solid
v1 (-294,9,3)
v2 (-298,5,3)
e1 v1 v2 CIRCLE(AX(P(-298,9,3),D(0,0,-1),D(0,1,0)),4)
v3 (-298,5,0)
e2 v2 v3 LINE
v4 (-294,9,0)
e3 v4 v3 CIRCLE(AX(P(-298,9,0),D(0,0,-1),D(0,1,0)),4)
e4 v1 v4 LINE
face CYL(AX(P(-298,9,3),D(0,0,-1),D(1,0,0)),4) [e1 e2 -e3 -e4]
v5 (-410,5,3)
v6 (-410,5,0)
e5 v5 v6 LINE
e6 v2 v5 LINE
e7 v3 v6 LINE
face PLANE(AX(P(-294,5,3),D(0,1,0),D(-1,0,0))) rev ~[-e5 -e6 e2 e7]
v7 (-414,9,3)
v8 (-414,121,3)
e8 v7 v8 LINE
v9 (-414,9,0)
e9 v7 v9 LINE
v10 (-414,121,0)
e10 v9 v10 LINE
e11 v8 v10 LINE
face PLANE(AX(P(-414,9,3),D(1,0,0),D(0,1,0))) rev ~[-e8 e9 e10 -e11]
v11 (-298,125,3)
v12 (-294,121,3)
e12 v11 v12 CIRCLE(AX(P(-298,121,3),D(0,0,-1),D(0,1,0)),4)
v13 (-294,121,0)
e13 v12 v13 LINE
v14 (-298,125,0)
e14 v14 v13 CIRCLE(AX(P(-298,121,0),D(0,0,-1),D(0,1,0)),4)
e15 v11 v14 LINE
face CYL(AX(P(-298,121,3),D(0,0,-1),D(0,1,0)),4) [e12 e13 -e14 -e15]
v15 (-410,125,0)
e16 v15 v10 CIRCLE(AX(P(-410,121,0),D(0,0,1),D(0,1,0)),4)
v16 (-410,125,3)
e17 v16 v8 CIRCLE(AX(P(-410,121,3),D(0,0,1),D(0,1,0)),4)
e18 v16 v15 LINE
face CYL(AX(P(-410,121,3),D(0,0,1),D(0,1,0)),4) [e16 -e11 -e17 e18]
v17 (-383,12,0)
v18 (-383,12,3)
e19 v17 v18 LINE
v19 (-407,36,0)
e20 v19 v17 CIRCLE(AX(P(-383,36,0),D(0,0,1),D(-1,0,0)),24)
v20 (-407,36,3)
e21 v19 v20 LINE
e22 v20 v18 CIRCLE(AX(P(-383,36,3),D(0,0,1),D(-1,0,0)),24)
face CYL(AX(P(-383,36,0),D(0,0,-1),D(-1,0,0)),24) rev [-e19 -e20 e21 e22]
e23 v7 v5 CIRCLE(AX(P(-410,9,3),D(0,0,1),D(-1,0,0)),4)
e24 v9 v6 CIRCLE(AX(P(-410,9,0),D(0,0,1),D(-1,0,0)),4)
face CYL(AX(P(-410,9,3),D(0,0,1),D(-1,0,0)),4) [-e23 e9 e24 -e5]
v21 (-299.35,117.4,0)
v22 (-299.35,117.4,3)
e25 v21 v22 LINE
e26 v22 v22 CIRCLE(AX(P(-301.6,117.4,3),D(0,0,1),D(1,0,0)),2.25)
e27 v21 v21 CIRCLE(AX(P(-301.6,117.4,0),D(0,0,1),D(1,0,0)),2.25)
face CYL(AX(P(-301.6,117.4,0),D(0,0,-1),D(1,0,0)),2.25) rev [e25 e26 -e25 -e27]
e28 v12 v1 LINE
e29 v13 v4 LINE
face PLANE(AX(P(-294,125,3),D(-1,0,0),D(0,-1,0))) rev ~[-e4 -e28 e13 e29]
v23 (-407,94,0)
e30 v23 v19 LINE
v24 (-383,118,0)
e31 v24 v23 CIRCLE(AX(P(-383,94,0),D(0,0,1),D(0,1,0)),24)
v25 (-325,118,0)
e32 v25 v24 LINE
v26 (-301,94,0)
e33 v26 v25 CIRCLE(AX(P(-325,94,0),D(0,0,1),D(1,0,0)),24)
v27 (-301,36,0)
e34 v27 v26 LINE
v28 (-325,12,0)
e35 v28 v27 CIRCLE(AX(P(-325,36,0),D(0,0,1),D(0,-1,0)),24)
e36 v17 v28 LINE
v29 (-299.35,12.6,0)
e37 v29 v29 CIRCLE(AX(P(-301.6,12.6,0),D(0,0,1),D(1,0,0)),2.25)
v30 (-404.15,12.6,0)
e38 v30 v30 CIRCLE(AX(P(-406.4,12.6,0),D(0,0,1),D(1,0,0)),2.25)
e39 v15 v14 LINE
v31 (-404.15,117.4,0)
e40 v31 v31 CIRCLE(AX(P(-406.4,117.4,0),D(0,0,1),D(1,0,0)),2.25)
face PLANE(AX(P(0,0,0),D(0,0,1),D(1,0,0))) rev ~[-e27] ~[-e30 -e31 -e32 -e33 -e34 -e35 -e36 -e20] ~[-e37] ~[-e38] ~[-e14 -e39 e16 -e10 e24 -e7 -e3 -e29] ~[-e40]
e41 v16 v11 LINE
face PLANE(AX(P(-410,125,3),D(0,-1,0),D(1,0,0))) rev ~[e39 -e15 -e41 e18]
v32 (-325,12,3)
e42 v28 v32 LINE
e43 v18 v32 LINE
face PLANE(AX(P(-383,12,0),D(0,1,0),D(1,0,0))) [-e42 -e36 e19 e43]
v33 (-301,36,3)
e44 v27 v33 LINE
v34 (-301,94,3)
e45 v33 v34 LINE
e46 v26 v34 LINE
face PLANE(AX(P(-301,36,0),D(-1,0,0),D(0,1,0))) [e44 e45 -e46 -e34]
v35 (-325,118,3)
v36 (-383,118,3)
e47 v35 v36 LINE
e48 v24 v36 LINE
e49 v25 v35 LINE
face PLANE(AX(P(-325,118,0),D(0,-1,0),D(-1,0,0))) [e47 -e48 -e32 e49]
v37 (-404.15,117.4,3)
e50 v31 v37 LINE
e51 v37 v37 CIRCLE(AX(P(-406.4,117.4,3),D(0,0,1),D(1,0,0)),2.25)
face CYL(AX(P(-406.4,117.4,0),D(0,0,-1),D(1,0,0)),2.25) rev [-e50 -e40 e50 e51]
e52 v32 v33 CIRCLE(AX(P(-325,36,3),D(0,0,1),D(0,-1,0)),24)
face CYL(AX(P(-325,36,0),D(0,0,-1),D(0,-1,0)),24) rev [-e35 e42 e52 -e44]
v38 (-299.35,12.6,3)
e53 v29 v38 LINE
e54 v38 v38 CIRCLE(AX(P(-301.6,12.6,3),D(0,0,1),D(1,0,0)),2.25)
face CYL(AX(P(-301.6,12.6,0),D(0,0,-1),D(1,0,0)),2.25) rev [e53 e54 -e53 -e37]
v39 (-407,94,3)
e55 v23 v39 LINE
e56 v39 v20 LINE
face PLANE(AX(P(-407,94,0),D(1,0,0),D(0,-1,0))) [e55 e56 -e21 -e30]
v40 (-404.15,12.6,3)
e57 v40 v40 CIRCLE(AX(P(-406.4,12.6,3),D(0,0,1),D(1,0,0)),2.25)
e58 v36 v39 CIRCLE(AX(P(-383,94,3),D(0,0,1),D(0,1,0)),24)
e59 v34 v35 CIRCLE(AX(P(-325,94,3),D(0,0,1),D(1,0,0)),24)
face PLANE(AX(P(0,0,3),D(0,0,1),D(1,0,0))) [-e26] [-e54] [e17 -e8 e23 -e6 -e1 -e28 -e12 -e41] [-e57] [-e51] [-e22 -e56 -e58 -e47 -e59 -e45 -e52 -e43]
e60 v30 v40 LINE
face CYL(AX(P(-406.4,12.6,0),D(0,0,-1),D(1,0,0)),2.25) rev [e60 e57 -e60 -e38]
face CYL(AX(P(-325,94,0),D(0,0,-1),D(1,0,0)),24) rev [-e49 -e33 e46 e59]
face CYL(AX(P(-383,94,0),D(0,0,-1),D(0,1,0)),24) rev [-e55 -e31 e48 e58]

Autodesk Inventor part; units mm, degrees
ref_plane "YZ Plane" through (0, 0, 0) normal (1, 0, 0) x (0, 1, 0)
ref_plane "XZ Plane" through (0, 0, 0) normal (0, 1, 0) x (-1, 0, 0)
ref_plane "XY Plane" through (0, 0, 0) normal (0, 0, 1) x (1, 0, 0)
sketch "スケッチ1" plane through (0, 0, 0) normal (0, 0, 1) x (1, 0, 0)
  circle A0 centre (5, 125) radius 2.25 construction
  circle A1 centre (5, 5) radius 2.25 construction
  circle A2 centre (-473, 125) radius 2.25 construction
  circle A3 centre (-473, 5) radius 2.25 construction
  line L0 (-478, 130) -> (-478, 0) construction
  line L1 (10, 0) -> (10, 130) construction
  line L2 (10, 130) -> (-478, 130)
  line L3 (-478, 130) -> (-478, 0)
  line L4 (-478, 0) -> (10, 0)
  line L5 (10, 0) -> (10, 130)
  circle A4 centre (5, 125) radius 1.6
  circle A5 centre (5, 5) radius 1.6
  circle A6 centre (-473, 5) radius 1.6
  circle A7 centre (-473, 125) radius 1.6
  line L6 (10, 65) -> (-478, 65) construction
  line L7 (-205, 118) -> (-263, 118)
  line L8 (-287, 94) -> (-287, 36)
  line L9 (-263, 12) -> (-205, 12)
  line L10 (-181, 36) -> (-181, 94)
  arc A8 (-181, 94) -> (-205, 118) centre (-205, 94) ccw
  arc A9 (-205, 12) -> (-181, 36) centre (-205, 36) ccw
  arc A10 (-287, 36) -> (-263, 12) centre (-263, 36) ccw
  arc A11 (-263, 118) -> (-287, 94) centre (-263, 94) ccw
  line L11 (-174, 125) -> (-294, 125) construction
  line L12 (-294, 125) -> (-294, 5) construction
  line L13 (-294, 5) -> (-174, 5) construction
  line L14 (-174, 5) -> (-174, 125) construction
  line L15 (-181.6, 117.4) -> (-286.4, 117.4) construction
  line L16 (-286.4, 117.4) -> (-286.4, 12.6) construction
  line L17 (-286.4, 12.6) -> (-181.6, 12.6) construction
  line L18 (-181.6, 12.6) -> (-181.6, 117.4) construction
  circle A12 centre (-181.6, 117.4) radius 2.25
  circle A13 centre (-181.6, 12.6) radius 2.25
  circle A14 centre (-286.4, 12.6) radius 2.25
  circle A15 centre (-286.4, 117.4) radius 2.25
  circle A16 centre (-301.6, 117.4) radius 2.25
  arc A17 (-301, 94) -> (-325, 118) centre (-325, 94) ccw
  line L19 (-301, 36) -> (-301, 94)
  arc A18 (-325, 12) -> (-301, 36) centre (-325, 36) ccw
  circle A19 centre (-301.6, 12.6) radius 2.25
  line L20 (-383, 12) -> (-325, 12)
  arc A20 (-407, 36) -> (-383, 12) centre (-383, 36) ccw
  circle A21 centre (-406.4, 12.6) radius 2.25
  line L21 (-407, 94) -> (-407, 36)
  circle A22 centre (-406.4, 117.4) radius 2.25
  arc A23 (-383, 118) -> (-407, 94) centre (-383, 94) ccw
  line L22 (-325, 118) -> (-383, 118)
  circle A24 centre (-61.6, 117.4) radius 2.25
  arc A25 (-61, 94) -> (-85, 118) centre (-85, 94) ccw
  line L23 (-61, 36) -> (-61, 94)
  arc A26 (-85, 12) -> (-61, 36) centre (-85, 36) ccw
  circle A27 centre (-61.6, 12.6) radius 2.25
  line L24 (-143, 12) -> (-85, 12)
  arc A28 (-167, 36) -> (-143, 12) centre (-143, 36) ccw
  circle A29 centre (-166.4, 12.6) radius 2.25
  line L25 (-167, 94) -> (-167, 36)
  circle A30 centre (-166.4, 117.4) radius 2.25
  arc A31 (-143, 118) -> (-167, 94) centre (-143, 94) ccw
  line L26 (-85, 118) -> (-143, 118)
  circle A32 centre (-181.6, 117.4) radius 2.25
  arc A33 (-181, 94) -> (-205, 118) centre (-205, 94) ccw
  line L27 (-181, 36) -> (-181, 94)
  arc A34 (-205, 12) -> (-181, 36) centre (-205, 36) ccw
  circle A35 centre (-181.6, 12.6) radius 2.25
  line L28 (-263, 12) -> (-205, 12)
  arc A36 (-287, 36) -> (-263, 12) centre (-263, 36) ccw
  circle A37 centre (-286.4, 12.6) radius 2.25
  line L29 (-287, 94) -> (-287, 36)
  circle A38 centre (-286.4, 117.4) radius 2.25
  arc A39 (-263, 118) -> (-287, 94) centre (-263, 94) ccw
  line L30 (-205, 118) -> (-263, 118)
  point P0 (0, 0)
  point P1 (-234, 65)
  point P2 (-287, 12)
  point P3 (-287, 118)
  point P4 (-181, 12)
  point P5 (-287, 65)
  point P6 (-294, 65)
  point P7 (-234, 12)
  point P8 (-234, 5)
  point P9 (-234, 118)
  point P10 (-181, 65)
  point P11 (-174, 65)
  point P12 (-181.6, 65)
  point P13 (-234, 125)
  point P14 (-234, 117.4)
  point P15 (-301, 12)
  point P16 (-301, 65)
  point P17 (-407, 12)
  point P18 (-354, 12)
  point P19 (-407, 118)
  point P20 (-407, 65)
  point P21 (-354, 118)
  point P22 (-61, 12)
  point P23 (-61, 65)
  point P24 (-167, 12)
  point P25 (-114, 12)
  point P26 (-167, 118)
  point P27 (-167, 65)
  point P28 (-114, 118)
  point P29 (-181, 12)
  point P30 (-181, 65)
  point P31 (-287, 12)
  point P32 (-234, 12)
  point P33 (-287, 118)
  point P34 (-287, 65)
  point P35 (-234, 118)
  dimension "d0" = 3.2
  dimension "d1" = 106
  dimension "d2" = 106
  dimension "d3" = 24
  dimension "d4" = 120
  dimension "d5" = 120
  dimension "d6" = 104.8
  dimension "d7" = 104.8
  dimension "d8" = 4.5
  dimension "d11" = 120
  dimension "d14" = 120
extrude "押し出し1" add sketch "スケッチ1" along normal blind 3
sketch "スケッチ2" plane through (0, 0, 3) normal (0, 0, 1) x (1, 0, 0)
  line L0 (-478, 130) -> (-478, 0) projected
  line L1 (-478, 0) -> (10, 0) projected
  line L2 (10, 0) -> (10, 130) projected
  line L3 (10, 130) -> (-478, 130) projected
  circle A0 centre (-286.4, 117.4) radius 2.25 projected
  arc A1 (-263, 118) -> (-287, 94) centre (-263, 94) ccw projected
  line L4 (-263, 118) -> (-205, 118) projected
  arc A2 (-181, 94) -> (-205, 118) centre (-205, 94) ccw projected
  line L5 (-181, 94) -> (-181, 36) projected
  arc A3 (-205, 12) -> (-181, 36) centre (-205, 36) ccw projected
  line L6 (-205, 12) -> (-263, 12) projected
  arc A4 (-287, 36) -> (-263, 12) centre (-263, 36) ccw projected
  line L7 (-287, 36) -> (-287, 94) projected
  circle A5 centre (-473, 125) radius 1.6 projected
  circle A6 centre (-473, 5) radius 1.6 projected
  circle A7 centre (5, 5) radius 1.6 projected
  circle A8 centre (5, 125) radius 1.6 projected
  circle A9 centre (-181.6, 117.4) radius 2.25 projected
  circle A10 centre (-181.6, 12.6) radius 2.25 projected
  circle A11 centre (-286.4, 12.6) radius 2.25 projected
  circle A12 centre (-166.4, 117.4) radius 2.25 projected
  circle A13 centre (-166.4, 12.6) radius 2.25 projected
  circle A14 centre (-61.6, 12.6) radius 2.25 projected
  line L8 (-61, 94) -> (-61, 36) projected
  arc A15 (-85, 12) -> (-61, 36) centre (-85, 36) ccw projected
  line L9 (-85, 12) -> (-143, 12) projected
  arc A16 (-167, 36) -> (-143, 12) centre (-143, 36) ccw projected
  line L10 (-167, 36) -> (-167, 94) projected
  arc A17 (-143, 118) -> (-167, 94) centre (-143, 94) ccw projected
  line L11 (-143, 118) -> (-85, 118) projected
  arc A18 (-61, 94) -> (-85, 118) centre (-85, 94) ccw projected
  circle A19 centre (-61.6, 117.4) radius 2.25 projected
  circle A20 centre (-406.4, 117.4) radius 2.25 projected
  circle A21 centre (-406.4, 12.6) radius 2.25 projected
  circle A22 centre (-301.6, 12.6) radius 2.25 projected
  line L12 (-301, 94) -> (-301, 36) projected
  arc A23 (-325, 12) -> (-301, 36) centre (-325, 36) ccw projected
  line L13 (-325, 12) -> (-383, 12) projected
  arc A24 (-407, 36) -> (-383, 12) centre (-383, 36) ccw projected
  line L14 (-407, 36) -> (-407, 94) projected
  arc A25 (-383, 118) -> (-407, 94) centre (-383, 94) ccw projected
  line L15 (-383, 118) -> (-325, 118) projected
  arc A26 (-301, 94) -> (-325, 118) centre (-325, 94) ccw projected
  circle A27 centre (-301.6, 117.4) radius 2.25 projected
  line L16 (-477.9, 129.9) -> (-477.9, 0.1)
  line L17 (-477.9, 0.1) -> (9.9, 0.1)
  line L18 (9.9, 0.1) -> (9.9, 129.9)
  line L19 (9.9, 129.9) -> (-477.9, 129.9)
  point P0 (0, 0)
  dimension "d19" = 0.1
extrude "押し出し2" cut sketch "スケッチ2" against normal through all contours L3 L2 L1 L0
fillet "フィレット1" radius 2 4 edges at (-477.9, 129.9, 1.5) (-477.9, 0.1, 1.5) (9.9, 0.1, 1.5) (9.9, 129.9, 1.5)
sketch "スケッチ3" plane through (0, 0, 3) normal (0, 0, 1) x (1, 0, 0)
  arc A0 (9.9, 127.9) -> (7.9, 129.9) centre (7.9, 127.9) ccw projected
  line L0 (7.9, 129.9) -> (-475.9, 129.9) projected
  arc A1 (-475.9, 129.9) -> (-477.9, 127.9) centre (-475.9, 127.9) ccw projected
  line L1 (-477.9, 127.9) -> (-477.9, 2.1) projected
  arc A2 (-477.9, 2.1) -> (-475.9, 0.1) centre (-475.9, 2.1) ccw projected
  line L2 (-475.9, 0.1) -> (7.9, 0.1) projected
  arc A3 (7.9, 0.1) -> (9.9, 2.1) centre (7.9, 2.1) ccw projected
  line L3 (9.9, 2.1) -> (9.9, 127.9) projected
  circle A4 centre (-286.4, 117.4) radius 2.25 projected
  arc A5 (-263, 118) -> (-287, 94) centre (-263, 94) ccw projected
  line L4 (-263, 118) -> (-205, 118) projected
  arc A6 (-181, 94) -> (-205, 118) centre (-205, 94) ccw projected
  line L5 (-181, 94) -> (-181, 36) projected
  arc A7 (-205, 12) -> (-181, 36) centre (-205, 36) ccw projected
  line L6 (-205, 12) -> (-263, 12) projected
  arc A8 (-287, 36) -> (-263, 12) centre (-263, 36) ccw projected
  line L7 (-287, 36) -> (-287, 94) projected
  circle A9 centre (-473, 125) radius 1.6 projected
  circle A10 centre (-473, 5) radius 1.6 projected
  circle A11 centre (5, 5) radius 1.6 projected
  circle A12 centre (5, 125) radius 1.6 projected
  circle A13 centre (-181.6, 117.4) radius 2.25 projected
  circle A14 centre (-181.6, 12.6) radius 2.25 projected
  circle A15 centre (-286.4, 12.6) radius 2.25 projected
  circle A16 centre (-166.4, 117.4) radius 2.25 projected
  circle A17 centre (-166.4, 12.6) radius 2.25 projected
  circle A18 centre (-61.6, 12.6) radius 2.25 projected
  line L8 (-61, 94) -> (-61, 36) projected
  arc A19 (-85, 12) -> (-61, 36) centre (-85, 36) ccw projected
  line L9 (-85, 12) -> (-143, 12) projected
  arc A20 (-167, 36) -> (-143, 12) centre (-143, 36) ccw projected
  line L10 (-167, 36) -> (-167, 94) projected
  arc A21 (-143, 118) -> (-167, 94) centre (-143, 94) ccw projected
  line L11 (-143, 118) -> (-85, 118) projected
  arc A22 (-61, 94) -> (-85, 118) centre (-85, 94) ccw projected
  circle A23 centre (-61.6, 117.4) radius 2.25 projected
  circle A24 centre (-406.4, 117.4) radius 2.25 projected
  circle A25 centre (-406.4, 12.6) radius 2.25 projected
  circle A26 centre (-301.6, 12.6) radius 2.25 projected
  line L12 (-301, 94) -> (-301, 36) projected
  arc A27 (-325, 12) -> (-301, 36) centre (-325, 36) ccw projected
  line L13 (-325, 12) -> (-383, 12) projected
  arc A28 (-407, 36) -> (-383, 12) centre (-383, 36) ccw projected
  line L14 (-407, 36) -> (-407, 94) projected
  arc A29 (-383, 118) -> (-407, 94) centre (-383, 94) ccw projected
  line L15 (-383, 118) -> (-325, 118) projected
  arc A30 (-301, 94) -> (-325, 118) centre (-325, 94) ccw projected
  circle A31 centre (-301.6, 117.4) radius 2.25 projected
  line L16 (-410, 125) -> (-58, 125)
  line L17 (-54, 121) -> (-54, 9)
  line L18 (-58, 5) -> (-410, 5)
  line L19 (-414, 9) -> (-414, 121)
  arc A32 (-410, 125) -> (-414, 121) centre (-410, 121) ccw
  arc A33 (-414, 9) -> (-410, 5) centre (-410, 9) ccw
  arc A34 (-58, 5) -> (-54, 9) centre (-58, 9) ccw
  arc A35 (-54, 121) -> (-58, 125) centre (-58, 121) ccw
  line L20 (-294, 125) -> (-294, 5)
  point P0 (0, 0)
  point P1 (-414, 125)
  point P2 (-54, 125)
  point P3 (-234, 125)
  point P4 (-234, 118)
  point P5 (-414, 65)
  point P6 (-407, 65)
  dimension "d23" = 120
  dimension "d24" = 360
  dimension "d25" = 4
  dimension "d28" = 120
extrude "押し出し3" cut sketch "スケッチ3" against normal blind 10 contours A24 | A25 | A26 | A31 | L16 L20 L18 A33 L19 A32 keep common part
fillet "フィレット2" radius 4 2 edges at (-294, 125, 1.5) (-294, 5, 1.5)
equation "\"d5\" = d4"
equation "\"d7\" = d6"
properties part number "radiator_adapter_04"
